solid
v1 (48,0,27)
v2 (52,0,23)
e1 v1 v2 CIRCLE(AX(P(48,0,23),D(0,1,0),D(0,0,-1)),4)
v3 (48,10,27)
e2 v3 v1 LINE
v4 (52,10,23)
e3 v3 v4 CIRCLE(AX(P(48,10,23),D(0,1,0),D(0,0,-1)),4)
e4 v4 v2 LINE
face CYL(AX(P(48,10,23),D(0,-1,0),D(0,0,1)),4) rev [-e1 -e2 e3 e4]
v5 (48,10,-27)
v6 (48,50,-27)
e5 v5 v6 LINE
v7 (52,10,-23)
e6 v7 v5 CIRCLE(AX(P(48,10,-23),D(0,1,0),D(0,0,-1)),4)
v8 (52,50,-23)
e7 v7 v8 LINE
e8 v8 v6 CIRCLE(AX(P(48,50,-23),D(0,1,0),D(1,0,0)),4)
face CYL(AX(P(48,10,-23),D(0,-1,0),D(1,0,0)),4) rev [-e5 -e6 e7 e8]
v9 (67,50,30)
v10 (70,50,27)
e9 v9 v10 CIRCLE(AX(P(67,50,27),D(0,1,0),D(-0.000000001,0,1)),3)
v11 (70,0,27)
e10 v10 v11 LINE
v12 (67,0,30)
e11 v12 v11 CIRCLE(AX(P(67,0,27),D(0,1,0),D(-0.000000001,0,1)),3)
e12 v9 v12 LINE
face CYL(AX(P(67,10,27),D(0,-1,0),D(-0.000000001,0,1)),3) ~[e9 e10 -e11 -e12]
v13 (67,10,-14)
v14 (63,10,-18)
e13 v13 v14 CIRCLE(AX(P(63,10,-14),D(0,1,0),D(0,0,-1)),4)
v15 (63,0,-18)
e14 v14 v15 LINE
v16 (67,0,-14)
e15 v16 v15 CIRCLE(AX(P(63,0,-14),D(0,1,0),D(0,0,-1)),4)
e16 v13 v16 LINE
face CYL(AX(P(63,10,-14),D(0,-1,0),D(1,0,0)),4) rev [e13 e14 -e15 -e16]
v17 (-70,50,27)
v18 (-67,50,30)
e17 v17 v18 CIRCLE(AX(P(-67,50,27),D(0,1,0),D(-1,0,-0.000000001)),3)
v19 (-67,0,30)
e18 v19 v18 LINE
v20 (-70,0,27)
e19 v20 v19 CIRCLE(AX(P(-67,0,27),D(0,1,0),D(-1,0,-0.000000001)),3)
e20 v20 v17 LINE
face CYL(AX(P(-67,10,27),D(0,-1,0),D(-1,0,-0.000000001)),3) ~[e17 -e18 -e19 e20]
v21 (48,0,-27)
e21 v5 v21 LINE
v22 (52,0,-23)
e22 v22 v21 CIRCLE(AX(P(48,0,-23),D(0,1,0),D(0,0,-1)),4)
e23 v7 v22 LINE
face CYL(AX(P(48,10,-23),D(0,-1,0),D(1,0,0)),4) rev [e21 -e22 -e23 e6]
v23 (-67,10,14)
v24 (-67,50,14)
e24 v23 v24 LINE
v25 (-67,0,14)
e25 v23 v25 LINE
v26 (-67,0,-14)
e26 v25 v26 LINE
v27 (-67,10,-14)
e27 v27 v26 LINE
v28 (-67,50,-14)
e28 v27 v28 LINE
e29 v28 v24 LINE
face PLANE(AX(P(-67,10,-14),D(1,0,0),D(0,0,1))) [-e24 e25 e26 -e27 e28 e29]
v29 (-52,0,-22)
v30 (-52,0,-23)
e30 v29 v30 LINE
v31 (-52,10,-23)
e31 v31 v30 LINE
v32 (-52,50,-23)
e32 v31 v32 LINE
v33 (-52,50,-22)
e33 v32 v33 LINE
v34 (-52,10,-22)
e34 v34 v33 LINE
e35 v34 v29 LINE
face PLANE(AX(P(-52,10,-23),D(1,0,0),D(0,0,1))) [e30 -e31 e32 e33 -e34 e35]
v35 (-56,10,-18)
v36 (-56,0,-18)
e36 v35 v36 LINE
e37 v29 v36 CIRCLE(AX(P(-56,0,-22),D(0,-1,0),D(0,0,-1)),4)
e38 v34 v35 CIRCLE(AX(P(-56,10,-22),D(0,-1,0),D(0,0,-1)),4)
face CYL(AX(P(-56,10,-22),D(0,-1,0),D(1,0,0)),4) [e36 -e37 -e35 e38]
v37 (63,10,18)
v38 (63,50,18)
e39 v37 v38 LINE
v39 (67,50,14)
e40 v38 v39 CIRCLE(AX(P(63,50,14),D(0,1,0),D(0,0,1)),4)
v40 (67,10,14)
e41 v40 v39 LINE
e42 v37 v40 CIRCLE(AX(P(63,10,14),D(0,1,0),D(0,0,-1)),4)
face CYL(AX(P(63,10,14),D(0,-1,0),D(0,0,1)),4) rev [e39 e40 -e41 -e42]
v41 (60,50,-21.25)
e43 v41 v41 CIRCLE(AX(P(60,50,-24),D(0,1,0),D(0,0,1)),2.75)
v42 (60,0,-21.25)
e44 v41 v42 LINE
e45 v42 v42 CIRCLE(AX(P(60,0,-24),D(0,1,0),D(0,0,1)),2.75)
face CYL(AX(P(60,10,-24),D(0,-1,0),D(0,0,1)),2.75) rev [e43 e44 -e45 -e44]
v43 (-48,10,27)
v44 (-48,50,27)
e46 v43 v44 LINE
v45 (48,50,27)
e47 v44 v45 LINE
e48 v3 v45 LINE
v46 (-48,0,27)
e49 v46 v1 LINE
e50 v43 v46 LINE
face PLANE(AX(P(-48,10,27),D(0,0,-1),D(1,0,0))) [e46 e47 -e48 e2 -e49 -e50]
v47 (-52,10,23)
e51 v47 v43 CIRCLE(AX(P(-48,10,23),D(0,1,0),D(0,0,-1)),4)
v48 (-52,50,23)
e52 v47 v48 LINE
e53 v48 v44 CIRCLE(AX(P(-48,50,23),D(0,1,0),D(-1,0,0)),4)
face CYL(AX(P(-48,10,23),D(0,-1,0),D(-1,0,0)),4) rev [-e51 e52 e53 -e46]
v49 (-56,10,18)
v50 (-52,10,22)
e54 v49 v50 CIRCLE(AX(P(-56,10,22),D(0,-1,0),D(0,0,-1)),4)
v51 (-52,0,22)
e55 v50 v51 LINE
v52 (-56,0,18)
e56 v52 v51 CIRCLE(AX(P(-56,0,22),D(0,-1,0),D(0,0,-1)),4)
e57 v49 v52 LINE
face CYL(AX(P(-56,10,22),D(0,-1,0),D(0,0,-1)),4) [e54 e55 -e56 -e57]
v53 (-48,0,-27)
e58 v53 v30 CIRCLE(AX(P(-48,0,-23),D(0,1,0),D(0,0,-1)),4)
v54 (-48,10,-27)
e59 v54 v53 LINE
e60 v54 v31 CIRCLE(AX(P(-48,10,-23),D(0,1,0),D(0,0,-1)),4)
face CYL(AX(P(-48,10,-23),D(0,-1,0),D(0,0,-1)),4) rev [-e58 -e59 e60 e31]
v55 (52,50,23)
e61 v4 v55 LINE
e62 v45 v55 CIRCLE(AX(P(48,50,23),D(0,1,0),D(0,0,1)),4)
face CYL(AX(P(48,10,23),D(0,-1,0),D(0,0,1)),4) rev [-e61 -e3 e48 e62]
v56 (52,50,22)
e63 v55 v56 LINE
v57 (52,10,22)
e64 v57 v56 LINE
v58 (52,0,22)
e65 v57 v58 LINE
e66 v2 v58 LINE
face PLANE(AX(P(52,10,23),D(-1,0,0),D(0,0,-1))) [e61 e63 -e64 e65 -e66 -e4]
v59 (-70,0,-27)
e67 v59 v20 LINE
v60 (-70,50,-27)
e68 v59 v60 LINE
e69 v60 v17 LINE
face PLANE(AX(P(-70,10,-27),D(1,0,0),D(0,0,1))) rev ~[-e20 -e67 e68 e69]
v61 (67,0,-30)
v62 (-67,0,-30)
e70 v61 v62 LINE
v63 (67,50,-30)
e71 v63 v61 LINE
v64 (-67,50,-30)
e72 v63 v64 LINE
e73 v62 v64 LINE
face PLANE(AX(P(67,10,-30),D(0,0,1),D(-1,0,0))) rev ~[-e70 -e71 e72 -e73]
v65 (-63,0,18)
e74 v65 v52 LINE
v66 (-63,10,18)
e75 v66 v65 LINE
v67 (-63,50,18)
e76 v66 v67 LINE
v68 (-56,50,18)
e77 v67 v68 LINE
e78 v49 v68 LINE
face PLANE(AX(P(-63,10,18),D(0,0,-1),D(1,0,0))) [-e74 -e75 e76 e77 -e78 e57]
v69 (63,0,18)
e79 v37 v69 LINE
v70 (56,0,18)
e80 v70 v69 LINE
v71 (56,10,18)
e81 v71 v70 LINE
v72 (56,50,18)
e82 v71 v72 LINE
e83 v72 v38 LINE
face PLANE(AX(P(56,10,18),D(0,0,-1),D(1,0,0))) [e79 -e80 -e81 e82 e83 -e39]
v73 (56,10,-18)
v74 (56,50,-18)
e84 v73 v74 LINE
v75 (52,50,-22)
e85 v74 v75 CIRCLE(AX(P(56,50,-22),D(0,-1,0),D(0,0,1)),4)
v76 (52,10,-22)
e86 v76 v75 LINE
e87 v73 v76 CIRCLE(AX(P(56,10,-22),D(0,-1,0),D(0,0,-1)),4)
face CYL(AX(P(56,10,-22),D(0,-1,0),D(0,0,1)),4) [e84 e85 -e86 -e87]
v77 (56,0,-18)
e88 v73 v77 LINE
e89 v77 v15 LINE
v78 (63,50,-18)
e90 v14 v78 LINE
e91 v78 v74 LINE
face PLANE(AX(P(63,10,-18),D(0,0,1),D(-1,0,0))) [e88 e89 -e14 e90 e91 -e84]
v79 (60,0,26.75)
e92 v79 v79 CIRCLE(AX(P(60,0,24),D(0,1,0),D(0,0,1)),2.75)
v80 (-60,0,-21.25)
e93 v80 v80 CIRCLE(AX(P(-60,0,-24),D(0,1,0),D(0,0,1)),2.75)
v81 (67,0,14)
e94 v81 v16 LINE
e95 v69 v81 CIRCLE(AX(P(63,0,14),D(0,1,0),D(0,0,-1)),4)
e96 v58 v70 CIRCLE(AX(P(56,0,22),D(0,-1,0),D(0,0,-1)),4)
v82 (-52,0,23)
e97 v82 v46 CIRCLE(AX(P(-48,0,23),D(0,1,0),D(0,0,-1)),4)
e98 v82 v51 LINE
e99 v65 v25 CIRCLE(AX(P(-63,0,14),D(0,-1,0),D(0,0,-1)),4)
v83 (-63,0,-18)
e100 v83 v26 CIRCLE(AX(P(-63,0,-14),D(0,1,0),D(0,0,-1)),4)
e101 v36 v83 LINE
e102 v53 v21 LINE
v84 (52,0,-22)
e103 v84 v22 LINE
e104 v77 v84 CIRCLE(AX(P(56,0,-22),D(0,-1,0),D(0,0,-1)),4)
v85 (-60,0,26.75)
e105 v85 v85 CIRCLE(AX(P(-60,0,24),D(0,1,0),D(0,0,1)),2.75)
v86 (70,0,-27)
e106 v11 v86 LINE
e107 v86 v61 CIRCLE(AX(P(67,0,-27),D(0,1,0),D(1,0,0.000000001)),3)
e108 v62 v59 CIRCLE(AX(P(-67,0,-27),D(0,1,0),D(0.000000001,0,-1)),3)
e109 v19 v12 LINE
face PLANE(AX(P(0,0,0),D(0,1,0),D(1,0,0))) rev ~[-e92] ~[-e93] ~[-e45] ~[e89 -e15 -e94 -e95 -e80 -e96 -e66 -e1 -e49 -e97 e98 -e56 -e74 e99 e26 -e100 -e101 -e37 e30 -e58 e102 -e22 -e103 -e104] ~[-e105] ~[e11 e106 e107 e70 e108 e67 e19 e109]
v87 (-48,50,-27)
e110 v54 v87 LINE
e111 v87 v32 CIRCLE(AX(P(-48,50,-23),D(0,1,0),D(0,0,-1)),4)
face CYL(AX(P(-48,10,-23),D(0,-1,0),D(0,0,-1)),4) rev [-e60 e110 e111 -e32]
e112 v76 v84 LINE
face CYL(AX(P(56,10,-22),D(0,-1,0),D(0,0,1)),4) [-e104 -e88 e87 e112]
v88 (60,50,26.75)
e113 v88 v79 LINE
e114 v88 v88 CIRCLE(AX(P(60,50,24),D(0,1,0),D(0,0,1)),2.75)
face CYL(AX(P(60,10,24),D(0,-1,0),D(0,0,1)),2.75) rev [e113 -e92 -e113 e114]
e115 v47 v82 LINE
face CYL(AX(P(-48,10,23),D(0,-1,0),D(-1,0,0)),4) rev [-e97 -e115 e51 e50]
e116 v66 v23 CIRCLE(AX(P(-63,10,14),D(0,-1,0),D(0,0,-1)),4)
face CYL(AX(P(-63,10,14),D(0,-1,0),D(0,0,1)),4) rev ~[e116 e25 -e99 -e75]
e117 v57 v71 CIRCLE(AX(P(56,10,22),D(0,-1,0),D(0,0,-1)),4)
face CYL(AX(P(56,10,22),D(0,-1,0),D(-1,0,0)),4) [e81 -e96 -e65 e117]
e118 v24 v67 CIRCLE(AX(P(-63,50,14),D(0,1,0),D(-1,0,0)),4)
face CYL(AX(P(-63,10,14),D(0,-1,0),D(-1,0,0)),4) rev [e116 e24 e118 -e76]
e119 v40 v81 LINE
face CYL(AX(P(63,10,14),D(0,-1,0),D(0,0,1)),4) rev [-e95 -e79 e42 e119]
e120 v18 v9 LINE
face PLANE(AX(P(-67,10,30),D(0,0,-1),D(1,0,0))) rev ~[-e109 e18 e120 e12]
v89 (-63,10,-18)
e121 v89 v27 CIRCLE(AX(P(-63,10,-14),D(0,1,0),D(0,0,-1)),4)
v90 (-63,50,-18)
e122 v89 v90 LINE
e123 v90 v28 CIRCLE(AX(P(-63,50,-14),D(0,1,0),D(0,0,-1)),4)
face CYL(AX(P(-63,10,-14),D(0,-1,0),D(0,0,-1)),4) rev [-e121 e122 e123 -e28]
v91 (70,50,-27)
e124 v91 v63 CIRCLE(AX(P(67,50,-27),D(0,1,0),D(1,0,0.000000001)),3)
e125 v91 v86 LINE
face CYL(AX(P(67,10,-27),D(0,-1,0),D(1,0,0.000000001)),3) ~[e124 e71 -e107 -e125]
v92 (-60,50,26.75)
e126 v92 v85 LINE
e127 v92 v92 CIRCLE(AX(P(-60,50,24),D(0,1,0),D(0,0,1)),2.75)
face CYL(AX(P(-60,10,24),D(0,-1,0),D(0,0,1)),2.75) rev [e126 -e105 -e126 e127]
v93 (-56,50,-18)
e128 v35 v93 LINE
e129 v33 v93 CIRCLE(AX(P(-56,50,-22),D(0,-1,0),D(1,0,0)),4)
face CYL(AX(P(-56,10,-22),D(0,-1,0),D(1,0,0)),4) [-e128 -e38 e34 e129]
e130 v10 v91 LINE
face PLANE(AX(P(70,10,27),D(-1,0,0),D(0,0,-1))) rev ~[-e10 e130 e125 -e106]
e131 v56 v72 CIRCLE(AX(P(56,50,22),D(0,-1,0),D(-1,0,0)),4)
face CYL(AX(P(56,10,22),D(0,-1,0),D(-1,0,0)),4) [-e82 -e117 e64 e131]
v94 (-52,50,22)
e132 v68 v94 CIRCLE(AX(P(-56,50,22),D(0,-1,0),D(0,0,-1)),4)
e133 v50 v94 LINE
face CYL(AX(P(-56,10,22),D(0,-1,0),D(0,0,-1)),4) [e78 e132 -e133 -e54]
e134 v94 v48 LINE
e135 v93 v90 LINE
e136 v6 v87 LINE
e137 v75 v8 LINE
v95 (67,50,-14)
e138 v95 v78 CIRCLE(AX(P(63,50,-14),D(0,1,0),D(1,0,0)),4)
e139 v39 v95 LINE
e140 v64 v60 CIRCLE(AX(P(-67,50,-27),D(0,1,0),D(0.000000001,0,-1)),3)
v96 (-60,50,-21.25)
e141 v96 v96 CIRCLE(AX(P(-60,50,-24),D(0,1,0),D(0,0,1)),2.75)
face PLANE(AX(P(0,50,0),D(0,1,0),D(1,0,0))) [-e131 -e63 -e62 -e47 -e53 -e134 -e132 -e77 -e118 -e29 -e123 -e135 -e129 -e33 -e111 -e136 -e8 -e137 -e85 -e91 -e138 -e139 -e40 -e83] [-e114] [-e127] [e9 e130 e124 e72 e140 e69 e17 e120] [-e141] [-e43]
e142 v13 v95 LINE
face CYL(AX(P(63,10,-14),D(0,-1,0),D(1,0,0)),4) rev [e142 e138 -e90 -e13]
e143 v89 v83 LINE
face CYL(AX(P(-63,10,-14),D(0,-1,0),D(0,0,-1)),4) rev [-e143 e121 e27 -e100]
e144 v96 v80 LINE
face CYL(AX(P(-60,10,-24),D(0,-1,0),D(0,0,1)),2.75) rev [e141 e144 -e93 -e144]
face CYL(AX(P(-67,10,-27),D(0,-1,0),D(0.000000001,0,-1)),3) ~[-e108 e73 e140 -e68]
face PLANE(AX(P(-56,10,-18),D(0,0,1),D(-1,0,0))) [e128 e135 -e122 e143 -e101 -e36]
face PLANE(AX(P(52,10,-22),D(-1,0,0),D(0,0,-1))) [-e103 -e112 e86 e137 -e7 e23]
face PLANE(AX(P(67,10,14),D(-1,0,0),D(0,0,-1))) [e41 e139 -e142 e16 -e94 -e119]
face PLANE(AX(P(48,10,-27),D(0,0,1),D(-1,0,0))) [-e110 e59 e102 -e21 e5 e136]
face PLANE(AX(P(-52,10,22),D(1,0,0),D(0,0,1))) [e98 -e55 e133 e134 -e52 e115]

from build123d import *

# Parameters (mm, degrees)
SKETCH1_R           = 2.75
SKETCH1_W           = 130
SKETCH1_H           = 38
BOSS_EXTRUDE1_DEPTH = 10
SKETCH1_2_W         = 130
SKETCH1_2_H         = 38
BOSS_EXTRUDE2_DEPTH = 10
SKETCH14_W          = 15
SKETCH14_H          = 36
SKETCH14_W_2        = 104
SKETCH14_H_2        = 9
CUT_EXTRUDE2_DEPTH  = 77.811457479
FILLET2_R           = 4
SKETCH15_R          = 2.75
BOSS_EXTRUDE3_DEPTH = 40


with BuildPart() as part:
    # Sketch1 → Boss-Extrude1 (new body)
    with BuildSketch(Plane(origin=(0, 0, 0), x_dir=(1, 0, 0), z_dir=(0, 1, 0))):
        with BuildLine():
            Line((67, 30), (-67, 30))
            ThreePointArc((-67, 30), (-69.121320344, 29.121320344), (-70, 27))
            Line((-70, 27), (-70, -27))
            ThreePointArc((-70, -27), (-69.121320344, -29.121320344), (-67, -30))
            Line((-67, -30), (67, -30))
            ThreePointArc((67, -30), (69.121320344, -29.121320344), (70, -27))
            Line((70, -27), (70, 27))
            ThreePointArc((70, 27), (69.121320344, 29.121320344), (67, 30))
        make_face()
        with Locations(Location((-60, 24, 0), (0, 0, 270))):
            Circle(SKETCH1_R, mode=Mode.SUBTRACT)
        with Locations(Location((-60, -24, 0), (0, 0, 270))):
            Circle(SKETCH1_R, mode=Mode.SUBTRACT)
        with Locations(Location((60, -24, 0), (0, 0, 270))):
            Circle(SKETCH1_R, mode=Mode.SUBTRACT)
        with Locations(Location((60, 24, 0), (0, 0, 270))):
            Circle(SKETCH1_R, mode=Mode.SUBTRACT)
        Rectangle(SKETCH1_W, SKETCH1_H, mode=Mode.SUBTRACT)
    extrude(amount=BOSS_EXTRUDE1_DEPTH)

    # Sketch1<2> → Boss-Extrude2 (add)
    with BuildSketch(Plane(origin=(0, 0, 0), x_dir=(1, 0, 0), z_dir=(0, 1, 0))):
        Rectangle(SKETCH1_2_W, SKETCH1_2_H)
    extrude(amount=BOSS_EXTRUDE2_DEPTH)

    # Sketch14 → Cut-Extrude2 (cut, through all)
    with BuildSketch(Plane(origin=(0, 10, 0), x_dir=(1, 0, 0), z_dir=(0, 1, 0))):
        with Locations((-59.5, 0)):
            Rectangle(SKETCH14_W, SKETCH14_H)
        Rectangle(SKETCH14_W_2, SKETCH14_H)
        with Locations((0, 22.5)):
            Rectangle(SKETCH14_W_2, SKETCH14_H_2)
        with Locations((59.5, 0)):
            Rectangle(SKETCH14_W, SKETCH14_H)
        with Locations((0, -22.5)):
            Rectangle(SKETCH14_W_2, SKETCH14_H_2)
    extrude(amount=-CUT_EXTRUDE2_DEPTH, mode=Mode.SUBTRACT)

    # Fillet2
    fillet2_edges = [part.edges().sort_by_distance(p)[0] for p in [
        (-67, 5, 18),
        (-67, 5, -18),
        (-52, 5, -18),
        (-52, 5, -27),
        (52, 5, -27),
        (52, 5, -18),
        (67, 5, -18),
        (67, 5, 18),
        (52, 5, 18),
        (52, 5, 27),
        (-52, 5, 27),
        (-52, 5, 18),
    ]]
    fillet(fillet2_edges, radius=FILLET2_R)

    # Sketch15 → Boss-Extrude3 (add)
    with BuildSketch(Plane(origin=(0, 10, 0), x_dir=(1, 0, 0), z_dir=(0, 1, 0))):
        with BuildLine():
            Line((67, 30), (-67, 30))
            ThreePointArc((-67, 30), (-69.121320344, 29.121320344), (-70, 27))
            Line((-70, 27), (-70, -27))
            ThreePointArc((-70, -27), (-69.121320344, -29.121320344), (-67, -30))
            Line((-67, -30), (67, -30))
            ThreePointArc((67, -30), (69.121320344, -29.121320344), (70, -27))
            Line((70, -27), (70, 27))
            ThreePointArc((70, 27), (69.121320344, 29.121320344), (67, 30))
        make_face()
        with Locations(Location((-60, 24, 0), (0, 0, 270))):
            Circle(SKETCH15_R, mode=Mode.SUBTRACT)
        with Locations(Location((-60, -24, 0), (0, 0, 270))):
            Circle(SKETCH15_R, mode=Mode.SUBTRACT)
        with Locations(Location((60, -24, 0), (0, 0, 270))):
            Circle(SKETCH15_R, mode=Mode.SUBTRACT)
        with Locations(Location((60, 24, 0), (0, 0, 270))):
            Circle(SKETCH15_R, mode=Mode.SUBTRACT)
        with BuildLine():
            Line((56, -18), (63, -18))
            ThreePointArc((63, -18), (65.828427125, -16.828427125), (67, -14))
            Line((67, -14), (67, 14))
            ThreePointArc((67, 14), (65.828427125, 16.828427125), (63, 18))
            Line((63, 18), (56, 18))
            ThreePointArc((56, 18), (53.171572875, 19.171572875), (52, 22))
            Line((52, 22), (52, 23))
            ThreePointArc((52, 23), (50.828427125, 25.828427125), (48, 27))
            Line((48, 27), (-48, 27))
            ThreePointArc((-48, 27), (-50.828427125, 25.828427125), (-52, 23))
            Line((-52, 23), (-52, 22))
            ThreePointArc((-52, 22), (-53.171572875, 19.171572875), (-56, 18))
            Line((-56, 18), (-63, 18))
            ThreePointArc((-63, 18), (-65.828427125, 16.828427125), (-67, 14))
            Line((-67, 14), (-67, -14))
            ThreePointArc((-67, -14), (-65.828427125, -16.828427125), (-63, -18))
            Line((-63, -18), (-56, -18))
            ThreePointArc((-56, -18), (-53.171572875, -19.171572875), (-52, -22))
            Line((-52, -22), (-52, -23))
            ThreePointArc((-52, -23), (-50.828427125, -25.828427125), (-48, -27))
            Line((-48, -27), (48, -27))
            ThreePointArc((48, -27), (50.828427125, -25.828427125), (52, -23))
            Line((52, -23), (52, -22))
            ThreePointArc((52, -22), (53.171572875, -19.171572875), (56, -18))
        make_face(mode=Mode.SUBTRACT)
    extrude(amount=BOSS_EXTRUDE3_DEPTH)


solid = part.part
